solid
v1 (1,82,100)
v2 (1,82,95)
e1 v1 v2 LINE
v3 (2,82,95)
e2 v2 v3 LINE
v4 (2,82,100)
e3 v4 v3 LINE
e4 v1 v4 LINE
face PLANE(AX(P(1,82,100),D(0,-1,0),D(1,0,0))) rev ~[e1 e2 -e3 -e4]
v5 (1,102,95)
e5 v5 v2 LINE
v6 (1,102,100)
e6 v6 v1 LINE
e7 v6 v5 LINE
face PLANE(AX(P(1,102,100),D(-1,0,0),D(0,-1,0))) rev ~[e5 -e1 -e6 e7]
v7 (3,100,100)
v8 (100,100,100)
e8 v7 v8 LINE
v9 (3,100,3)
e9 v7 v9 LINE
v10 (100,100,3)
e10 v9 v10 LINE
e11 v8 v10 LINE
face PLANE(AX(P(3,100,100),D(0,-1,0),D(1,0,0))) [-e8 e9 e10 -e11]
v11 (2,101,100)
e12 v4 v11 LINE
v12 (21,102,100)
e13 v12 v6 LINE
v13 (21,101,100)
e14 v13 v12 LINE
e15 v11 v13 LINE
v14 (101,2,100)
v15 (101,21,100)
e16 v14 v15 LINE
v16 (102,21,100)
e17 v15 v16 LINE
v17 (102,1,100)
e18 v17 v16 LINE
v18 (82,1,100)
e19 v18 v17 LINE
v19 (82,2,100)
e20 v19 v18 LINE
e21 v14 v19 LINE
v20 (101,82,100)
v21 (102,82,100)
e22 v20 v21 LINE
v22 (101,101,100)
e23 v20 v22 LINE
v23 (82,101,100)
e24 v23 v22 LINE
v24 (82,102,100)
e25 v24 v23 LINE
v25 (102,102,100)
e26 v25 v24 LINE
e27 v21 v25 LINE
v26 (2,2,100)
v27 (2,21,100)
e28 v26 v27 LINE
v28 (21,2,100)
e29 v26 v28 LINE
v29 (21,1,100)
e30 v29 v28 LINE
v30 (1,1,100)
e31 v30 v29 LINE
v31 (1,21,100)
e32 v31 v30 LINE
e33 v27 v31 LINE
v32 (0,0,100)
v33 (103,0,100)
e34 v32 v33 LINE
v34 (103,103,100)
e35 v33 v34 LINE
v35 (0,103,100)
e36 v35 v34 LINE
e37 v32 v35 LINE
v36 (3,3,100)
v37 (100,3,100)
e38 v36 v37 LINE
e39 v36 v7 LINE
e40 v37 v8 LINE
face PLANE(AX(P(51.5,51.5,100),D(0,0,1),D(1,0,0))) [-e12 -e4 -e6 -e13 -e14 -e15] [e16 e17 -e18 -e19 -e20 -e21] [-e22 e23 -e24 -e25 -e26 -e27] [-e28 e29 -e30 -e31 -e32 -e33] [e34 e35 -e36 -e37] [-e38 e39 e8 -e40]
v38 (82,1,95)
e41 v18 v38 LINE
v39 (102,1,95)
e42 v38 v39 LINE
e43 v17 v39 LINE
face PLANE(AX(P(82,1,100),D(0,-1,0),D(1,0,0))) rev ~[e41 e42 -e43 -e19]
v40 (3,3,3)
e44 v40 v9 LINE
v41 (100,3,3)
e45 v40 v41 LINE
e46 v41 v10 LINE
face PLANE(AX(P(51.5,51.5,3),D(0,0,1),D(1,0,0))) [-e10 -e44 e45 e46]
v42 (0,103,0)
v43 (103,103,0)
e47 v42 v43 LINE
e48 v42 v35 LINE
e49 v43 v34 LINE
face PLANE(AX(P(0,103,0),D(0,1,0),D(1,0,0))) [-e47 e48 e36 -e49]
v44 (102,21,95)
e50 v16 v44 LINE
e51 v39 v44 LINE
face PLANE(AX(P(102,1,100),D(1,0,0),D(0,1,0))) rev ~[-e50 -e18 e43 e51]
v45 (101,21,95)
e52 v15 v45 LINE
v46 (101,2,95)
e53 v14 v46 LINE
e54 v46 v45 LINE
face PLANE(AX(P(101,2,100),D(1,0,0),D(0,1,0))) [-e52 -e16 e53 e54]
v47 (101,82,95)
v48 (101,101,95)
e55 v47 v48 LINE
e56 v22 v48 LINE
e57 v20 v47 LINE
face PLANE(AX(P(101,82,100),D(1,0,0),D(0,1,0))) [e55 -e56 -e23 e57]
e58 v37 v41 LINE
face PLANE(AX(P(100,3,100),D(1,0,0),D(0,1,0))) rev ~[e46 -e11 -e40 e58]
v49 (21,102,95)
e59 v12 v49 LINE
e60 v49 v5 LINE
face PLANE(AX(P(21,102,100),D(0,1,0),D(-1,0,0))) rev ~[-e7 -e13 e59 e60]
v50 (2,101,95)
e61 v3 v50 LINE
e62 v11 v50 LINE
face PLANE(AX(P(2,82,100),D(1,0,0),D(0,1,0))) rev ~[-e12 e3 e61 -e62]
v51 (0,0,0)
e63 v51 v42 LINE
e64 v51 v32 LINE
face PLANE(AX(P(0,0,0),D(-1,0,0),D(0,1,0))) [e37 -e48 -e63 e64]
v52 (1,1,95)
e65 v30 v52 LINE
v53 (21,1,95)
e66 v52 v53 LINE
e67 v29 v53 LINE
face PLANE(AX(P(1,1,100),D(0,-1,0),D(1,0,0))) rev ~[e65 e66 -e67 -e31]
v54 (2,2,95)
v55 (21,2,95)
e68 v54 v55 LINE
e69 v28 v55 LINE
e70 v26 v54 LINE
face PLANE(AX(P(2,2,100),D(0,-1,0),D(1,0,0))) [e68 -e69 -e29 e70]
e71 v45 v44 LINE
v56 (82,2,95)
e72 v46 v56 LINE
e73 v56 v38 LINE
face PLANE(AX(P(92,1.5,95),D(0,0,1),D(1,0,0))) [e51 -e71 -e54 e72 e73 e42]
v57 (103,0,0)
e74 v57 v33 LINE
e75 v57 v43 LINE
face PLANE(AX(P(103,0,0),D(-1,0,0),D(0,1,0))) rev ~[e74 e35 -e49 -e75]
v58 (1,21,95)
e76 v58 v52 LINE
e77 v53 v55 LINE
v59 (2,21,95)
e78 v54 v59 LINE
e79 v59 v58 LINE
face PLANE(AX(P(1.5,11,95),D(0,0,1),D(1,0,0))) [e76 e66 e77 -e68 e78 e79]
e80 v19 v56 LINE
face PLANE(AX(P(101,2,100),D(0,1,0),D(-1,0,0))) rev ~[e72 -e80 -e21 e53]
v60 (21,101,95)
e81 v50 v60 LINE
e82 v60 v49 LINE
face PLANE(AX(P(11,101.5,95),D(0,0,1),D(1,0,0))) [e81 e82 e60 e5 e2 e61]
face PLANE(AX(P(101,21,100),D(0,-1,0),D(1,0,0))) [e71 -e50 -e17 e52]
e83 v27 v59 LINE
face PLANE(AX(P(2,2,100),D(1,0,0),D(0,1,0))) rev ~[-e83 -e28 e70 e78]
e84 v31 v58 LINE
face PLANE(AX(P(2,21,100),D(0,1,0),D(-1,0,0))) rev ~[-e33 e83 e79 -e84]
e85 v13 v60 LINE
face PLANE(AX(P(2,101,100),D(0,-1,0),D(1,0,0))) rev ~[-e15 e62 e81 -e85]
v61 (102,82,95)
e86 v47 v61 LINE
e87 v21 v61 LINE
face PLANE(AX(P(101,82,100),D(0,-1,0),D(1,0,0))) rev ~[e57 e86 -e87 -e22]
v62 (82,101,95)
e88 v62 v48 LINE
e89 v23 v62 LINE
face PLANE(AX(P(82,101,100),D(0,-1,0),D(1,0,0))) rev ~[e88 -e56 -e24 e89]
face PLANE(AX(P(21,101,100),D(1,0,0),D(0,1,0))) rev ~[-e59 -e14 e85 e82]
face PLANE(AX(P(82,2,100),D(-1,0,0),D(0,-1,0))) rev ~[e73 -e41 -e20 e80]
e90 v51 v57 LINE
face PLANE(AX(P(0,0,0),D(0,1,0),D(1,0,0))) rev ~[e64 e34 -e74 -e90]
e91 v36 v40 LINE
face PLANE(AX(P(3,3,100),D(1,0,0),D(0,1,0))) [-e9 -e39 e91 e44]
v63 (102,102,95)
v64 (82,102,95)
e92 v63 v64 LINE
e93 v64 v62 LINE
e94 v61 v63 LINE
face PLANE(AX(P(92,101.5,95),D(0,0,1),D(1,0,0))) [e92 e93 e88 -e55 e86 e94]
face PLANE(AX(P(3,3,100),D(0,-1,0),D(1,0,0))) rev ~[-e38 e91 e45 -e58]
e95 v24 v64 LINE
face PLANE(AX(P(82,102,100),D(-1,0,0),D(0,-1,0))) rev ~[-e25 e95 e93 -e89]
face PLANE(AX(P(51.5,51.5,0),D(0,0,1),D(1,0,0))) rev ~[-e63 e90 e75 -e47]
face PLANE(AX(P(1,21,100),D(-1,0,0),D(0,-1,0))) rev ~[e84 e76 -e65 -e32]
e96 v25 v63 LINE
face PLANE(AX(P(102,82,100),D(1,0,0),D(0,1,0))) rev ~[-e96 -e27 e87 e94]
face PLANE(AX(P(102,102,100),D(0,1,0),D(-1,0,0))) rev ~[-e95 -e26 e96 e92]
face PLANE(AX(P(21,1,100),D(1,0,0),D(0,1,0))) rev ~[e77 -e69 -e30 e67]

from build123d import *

# Parameters (mm, degrees)
F0_W     = 103
F0_H     = 103
F1_DEPTH = 100
F2_W     = 97
F2_H     = 97
F3_DEPTH = 97
F4_W     = 1
F4_H     = 19
F4_W_2   = 19
F4_H_2   = 1
F5_DEPTH = 5


with BuildPart() as f1:
    # F0 (on Top) → F1 (new body)
    with BuildSketch(Plane.XY):
        with Locations((51.5, 51.5)):
            Rectangle(F0_W, F0_H)
    extrude(amount=F1_DEPTH)

    # F2 (on face) → F3 (cut)
    with BuildSketch(Plane.XY.offset(100)):
        with Locations((51.5, 51.5)):
            Rectangle(F2_W, F2_H)
    extrude(amount=-F3_DEPTH, mode=Mode.SUBTRACT)

    # F4 (on face) → F5 (cut)
    with BuildSketch(Plane.XY.offset(100)):
        Polygon((21, 102), (1, 102), (1, 101), (2, 101), (21, 101), align=None)
        with Locations((1.5, 91.5)):
            Rectangle(F4_W, F4_H)
        Polygon((2, 21), (1, 21), (1, 1), (2, 1), (2, 2), align=None)
        with Locations((11.5, 1.5)):
            Rectangle(F4_W_2, F4_H_2)
        Polygon((101, 2), (82, 2), (82, 1), (102, 1), (102, 2), align=None)
        with Locations((101.5, 11.5)):
            Rectangle(F4_W, F4_H)
        Polygon((102, 102), (82, 102), (82, 101), (101, 101), (102, 101), align=None)
        with Locations((101.5, 91.5)):
            Rectangle(F4_W, F4_H)
    extrude(amount=-F5_DEPTH, mode=Mode.SUBTRACT)


solid = f1.part
